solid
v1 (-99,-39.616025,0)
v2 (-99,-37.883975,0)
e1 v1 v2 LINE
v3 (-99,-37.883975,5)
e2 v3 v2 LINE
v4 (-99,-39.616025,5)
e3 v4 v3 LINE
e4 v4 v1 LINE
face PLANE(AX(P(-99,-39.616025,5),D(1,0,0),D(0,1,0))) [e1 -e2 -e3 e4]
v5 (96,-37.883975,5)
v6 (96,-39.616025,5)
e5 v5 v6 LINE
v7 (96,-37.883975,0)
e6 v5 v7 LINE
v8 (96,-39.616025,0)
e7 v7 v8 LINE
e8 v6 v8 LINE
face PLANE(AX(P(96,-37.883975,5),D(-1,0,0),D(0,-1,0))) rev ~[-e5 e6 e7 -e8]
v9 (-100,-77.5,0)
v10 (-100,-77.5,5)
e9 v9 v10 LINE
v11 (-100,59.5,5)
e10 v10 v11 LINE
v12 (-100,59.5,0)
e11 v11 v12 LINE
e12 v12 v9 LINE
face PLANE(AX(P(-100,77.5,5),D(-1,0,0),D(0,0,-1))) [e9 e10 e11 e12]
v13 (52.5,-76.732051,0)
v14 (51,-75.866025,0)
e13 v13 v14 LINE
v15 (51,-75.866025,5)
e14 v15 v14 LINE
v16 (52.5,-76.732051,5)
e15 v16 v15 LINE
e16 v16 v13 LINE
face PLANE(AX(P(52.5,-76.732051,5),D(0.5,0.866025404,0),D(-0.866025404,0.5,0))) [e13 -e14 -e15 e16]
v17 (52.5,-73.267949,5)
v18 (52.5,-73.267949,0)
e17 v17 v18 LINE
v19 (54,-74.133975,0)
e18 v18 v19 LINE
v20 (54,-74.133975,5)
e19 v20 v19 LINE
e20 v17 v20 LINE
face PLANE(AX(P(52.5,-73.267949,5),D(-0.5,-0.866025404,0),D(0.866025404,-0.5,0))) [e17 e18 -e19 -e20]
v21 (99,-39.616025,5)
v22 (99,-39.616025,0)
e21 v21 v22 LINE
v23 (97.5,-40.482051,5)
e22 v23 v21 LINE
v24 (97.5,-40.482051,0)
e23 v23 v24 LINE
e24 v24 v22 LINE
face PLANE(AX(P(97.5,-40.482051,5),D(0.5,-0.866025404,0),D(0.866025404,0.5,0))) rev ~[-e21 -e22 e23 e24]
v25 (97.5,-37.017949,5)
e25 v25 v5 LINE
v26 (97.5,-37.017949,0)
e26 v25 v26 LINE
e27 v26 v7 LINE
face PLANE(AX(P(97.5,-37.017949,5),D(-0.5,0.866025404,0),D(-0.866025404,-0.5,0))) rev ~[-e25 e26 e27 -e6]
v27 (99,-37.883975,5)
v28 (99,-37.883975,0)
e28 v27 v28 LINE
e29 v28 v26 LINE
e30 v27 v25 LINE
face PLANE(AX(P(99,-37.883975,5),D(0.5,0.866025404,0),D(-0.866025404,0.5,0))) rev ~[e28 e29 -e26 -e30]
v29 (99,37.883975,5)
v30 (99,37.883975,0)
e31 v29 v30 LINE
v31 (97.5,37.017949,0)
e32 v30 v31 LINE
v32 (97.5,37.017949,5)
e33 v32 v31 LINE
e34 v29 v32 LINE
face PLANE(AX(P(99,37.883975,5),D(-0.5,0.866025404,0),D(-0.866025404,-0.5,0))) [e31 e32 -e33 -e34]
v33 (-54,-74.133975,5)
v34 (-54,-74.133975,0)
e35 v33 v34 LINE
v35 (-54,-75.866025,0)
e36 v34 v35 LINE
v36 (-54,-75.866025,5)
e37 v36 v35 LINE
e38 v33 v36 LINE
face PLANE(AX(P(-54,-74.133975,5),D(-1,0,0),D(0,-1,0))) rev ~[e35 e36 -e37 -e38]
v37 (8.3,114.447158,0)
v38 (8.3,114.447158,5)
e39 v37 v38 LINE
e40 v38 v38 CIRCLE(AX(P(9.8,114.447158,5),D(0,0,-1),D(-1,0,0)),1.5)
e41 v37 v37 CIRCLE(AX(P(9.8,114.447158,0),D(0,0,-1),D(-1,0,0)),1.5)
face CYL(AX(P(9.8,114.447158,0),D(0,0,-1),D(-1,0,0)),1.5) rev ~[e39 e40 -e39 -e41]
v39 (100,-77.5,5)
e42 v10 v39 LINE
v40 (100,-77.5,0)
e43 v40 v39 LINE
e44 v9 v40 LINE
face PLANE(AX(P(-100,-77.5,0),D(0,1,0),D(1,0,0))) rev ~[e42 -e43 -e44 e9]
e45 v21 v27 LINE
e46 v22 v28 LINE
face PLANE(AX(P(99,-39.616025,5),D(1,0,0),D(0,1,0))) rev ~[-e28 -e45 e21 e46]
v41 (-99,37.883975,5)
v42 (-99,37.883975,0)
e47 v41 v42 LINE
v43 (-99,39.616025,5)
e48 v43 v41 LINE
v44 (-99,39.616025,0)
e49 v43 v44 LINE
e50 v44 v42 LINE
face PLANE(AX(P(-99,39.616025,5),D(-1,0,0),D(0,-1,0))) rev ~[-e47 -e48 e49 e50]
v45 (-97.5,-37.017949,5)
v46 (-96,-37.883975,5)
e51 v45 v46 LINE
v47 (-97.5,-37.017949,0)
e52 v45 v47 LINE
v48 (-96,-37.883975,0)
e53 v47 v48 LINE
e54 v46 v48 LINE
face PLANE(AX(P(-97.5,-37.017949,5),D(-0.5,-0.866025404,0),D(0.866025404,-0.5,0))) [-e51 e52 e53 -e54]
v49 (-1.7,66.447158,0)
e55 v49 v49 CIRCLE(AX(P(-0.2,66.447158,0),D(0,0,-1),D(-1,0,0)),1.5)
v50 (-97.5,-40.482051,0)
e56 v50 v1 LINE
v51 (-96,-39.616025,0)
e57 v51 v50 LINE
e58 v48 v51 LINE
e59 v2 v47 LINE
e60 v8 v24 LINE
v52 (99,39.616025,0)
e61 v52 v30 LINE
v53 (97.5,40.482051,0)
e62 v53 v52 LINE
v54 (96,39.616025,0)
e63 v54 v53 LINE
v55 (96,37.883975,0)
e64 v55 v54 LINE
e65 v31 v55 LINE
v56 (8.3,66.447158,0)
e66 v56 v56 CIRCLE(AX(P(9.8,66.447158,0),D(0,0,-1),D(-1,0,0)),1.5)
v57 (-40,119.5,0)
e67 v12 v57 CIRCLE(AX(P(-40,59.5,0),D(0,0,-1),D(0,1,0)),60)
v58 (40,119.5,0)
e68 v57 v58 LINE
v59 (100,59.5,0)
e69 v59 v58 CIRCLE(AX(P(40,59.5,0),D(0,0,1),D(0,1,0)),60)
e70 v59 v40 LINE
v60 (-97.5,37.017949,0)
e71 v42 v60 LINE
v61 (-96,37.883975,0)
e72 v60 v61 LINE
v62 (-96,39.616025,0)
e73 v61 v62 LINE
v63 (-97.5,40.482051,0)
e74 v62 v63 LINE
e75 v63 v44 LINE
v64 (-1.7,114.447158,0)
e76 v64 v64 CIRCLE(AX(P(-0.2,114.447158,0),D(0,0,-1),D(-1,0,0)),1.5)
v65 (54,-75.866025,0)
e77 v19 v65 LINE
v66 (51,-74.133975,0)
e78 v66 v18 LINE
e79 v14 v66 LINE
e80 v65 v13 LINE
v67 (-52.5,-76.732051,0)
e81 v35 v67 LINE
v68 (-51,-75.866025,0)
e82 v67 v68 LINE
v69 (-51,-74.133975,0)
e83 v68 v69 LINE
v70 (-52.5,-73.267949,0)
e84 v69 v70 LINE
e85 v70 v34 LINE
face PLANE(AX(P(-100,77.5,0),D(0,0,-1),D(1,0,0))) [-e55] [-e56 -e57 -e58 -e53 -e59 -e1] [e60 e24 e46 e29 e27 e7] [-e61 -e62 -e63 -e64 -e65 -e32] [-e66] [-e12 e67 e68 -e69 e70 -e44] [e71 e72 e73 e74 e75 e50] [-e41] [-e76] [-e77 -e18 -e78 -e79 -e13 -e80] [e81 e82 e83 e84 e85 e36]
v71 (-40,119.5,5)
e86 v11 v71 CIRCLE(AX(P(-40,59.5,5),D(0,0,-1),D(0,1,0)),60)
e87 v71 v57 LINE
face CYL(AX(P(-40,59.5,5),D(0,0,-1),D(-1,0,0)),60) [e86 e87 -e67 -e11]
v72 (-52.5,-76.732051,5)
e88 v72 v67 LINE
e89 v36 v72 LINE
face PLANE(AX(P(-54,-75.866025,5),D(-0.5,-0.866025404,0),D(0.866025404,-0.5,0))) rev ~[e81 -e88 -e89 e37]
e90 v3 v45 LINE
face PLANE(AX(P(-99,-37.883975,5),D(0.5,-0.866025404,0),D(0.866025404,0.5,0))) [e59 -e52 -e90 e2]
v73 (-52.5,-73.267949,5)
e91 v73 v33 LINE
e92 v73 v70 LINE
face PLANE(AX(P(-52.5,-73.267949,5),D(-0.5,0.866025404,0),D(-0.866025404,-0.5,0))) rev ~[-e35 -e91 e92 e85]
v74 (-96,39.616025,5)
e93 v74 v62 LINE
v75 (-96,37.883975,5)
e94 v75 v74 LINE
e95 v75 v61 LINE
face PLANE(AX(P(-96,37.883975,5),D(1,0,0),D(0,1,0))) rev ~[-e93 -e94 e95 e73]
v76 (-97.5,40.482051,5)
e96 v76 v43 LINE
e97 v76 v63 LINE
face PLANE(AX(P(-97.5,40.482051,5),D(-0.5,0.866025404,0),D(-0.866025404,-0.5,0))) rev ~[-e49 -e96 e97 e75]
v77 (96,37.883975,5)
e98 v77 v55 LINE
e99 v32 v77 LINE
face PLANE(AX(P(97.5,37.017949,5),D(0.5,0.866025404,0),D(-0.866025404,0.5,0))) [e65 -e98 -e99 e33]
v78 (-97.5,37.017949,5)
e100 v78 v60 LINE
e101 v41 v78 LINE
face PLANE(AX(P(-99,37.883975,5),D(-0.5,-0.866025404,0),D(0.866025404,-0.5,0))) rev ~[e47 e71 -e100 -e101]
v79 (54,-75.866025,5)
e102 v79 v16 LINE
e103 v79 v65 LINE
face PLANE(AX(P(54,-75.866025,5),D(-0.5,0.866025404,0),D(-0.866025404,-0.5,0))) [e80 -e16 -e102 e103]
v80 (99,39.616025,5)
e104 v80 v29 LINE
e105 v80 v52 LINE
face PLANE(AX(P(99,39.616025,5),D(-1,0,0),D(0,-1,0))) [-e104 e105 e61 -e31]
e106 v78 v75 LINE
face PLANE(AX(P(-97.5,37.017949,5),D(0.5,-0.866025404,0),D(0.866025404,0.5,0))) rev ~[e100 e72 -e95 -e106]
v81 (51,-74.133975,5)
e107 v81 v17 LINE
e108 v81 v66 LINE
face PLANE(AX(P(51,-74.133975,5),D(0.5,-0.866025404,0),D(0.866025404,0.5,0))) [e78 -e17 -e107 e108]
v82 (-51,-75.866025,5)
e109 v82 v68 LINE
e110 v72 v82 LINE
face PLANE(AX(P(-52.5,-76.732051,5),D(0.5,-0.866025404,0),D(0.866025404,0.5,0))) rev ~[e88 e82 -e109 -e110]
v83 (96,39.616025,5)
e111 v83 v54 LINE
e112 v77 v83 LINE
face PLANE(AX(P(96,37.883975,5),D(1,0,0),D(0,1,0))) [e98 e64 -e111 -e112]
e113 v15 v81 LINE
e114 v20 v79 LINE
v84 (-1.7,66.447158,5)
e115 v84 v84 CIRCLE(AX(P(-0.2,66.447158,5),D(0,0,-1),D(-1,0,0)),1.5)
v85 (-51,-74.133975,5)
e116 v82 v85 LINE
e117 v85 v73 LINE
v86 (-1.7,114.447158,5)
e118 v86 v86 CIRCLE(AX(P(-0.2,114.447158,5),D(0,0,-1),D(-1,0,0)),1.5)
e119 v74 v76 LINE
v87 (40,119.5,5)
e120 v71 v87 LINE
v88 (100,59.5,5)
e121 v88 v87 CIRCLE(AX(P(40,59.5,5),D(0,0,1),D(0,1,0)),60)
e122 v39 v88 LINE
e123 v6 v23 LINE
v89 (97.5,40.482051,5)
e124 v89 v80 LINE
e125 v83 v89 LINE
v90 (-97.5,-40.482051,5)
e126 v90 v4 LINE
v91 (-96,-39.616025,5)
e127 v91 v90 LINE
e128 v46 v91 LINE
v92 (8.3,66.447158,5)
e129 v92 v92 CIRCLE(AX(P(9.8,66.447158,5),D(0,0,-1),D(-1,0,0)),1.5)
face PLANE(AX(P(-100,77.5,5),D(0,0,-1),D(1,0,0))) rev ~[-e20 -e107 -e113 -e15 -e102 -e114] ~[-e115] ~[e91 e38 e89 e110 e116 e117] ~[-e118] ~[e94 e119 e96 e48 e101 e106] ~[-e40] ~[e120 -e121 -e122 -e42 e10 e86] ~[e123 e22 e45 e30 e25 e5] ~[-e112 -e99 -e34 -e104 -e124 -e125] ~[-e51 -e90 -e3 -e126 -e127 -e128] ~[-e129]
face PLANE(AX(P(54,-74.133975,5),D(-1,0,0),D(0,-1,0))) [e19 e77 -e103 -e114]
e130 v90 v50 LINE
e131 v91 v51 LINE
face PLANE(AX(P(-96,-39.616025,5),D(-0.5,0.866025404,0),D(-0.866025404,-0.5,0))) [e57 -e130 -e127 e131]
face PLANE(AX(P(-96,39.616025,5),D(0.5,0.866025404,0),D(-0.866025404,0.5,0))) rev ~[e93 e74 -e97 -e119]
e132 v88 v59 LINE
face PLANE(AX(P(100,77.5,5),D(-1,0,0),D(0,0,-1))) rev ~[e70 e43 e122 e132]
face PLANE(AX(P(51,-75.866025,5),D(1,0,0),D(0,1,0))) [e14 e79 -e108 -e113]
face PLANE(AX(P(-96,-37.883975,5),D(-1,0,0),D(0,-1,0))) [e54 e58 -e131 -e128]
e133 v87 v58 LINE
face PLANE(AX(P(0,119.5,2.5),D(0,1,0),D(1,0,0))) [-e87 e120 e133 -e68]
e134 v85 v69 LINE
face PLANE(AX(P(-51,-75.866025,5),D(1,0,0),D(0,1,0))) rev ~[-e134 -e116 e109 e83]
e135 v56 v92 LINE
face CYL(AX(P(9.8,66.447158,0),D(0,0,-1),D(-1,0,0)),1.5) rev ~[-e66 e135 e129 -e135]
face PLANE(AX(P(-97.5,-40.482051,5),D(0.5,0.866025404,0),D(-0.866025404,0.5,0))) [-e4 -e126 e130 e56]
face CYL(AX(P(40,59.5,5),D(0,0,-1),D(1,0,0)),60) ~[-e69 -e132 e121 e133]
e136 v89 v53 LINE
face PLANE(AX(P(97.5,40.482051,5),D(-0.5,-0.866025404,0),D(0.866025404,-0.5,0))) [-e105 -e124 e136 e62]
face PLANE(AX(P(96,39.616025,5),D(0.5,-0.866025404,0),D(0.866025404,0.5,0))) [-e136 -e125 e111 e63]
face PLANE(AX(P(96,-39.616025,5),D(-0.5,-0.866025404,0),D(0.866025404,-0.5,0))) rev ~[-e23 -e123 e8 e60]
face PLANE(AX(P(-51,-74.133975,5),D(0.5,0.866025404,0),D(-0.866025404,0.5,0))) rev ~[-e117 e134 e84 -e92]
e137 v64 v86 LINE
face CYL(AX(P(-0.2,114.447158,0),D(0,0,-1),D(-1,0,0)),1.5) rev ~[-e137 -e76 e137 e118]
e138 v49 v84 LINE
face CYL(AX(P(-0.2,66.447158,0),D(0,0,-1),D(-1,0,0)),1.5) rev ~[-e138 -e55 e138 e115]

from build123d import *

# Parameters (mm, degrees)
ESQUISSE1_W             = 200
ESQUISSE1_H             = 155
BOSS_EXTRU_1_DEPTH      = 5
ENL_V_MAT_EXTRU_1_DEPTH = 127.614572621
ESQUISSE4_W             = 200
ESQUISSE4_H             = 5
BOSS_EXTRU_2_DEPTH      = 42
CONG_1_R                = 60
ESQUISSE5_R             = 1.5
ENL_V_MAT_EXTRU_2_DEPTH = 17


with BuildPart() as part:
    # Esquisse1 → Boss.-Extru.1 (new body)
    with BuildSketch(Plane.XY):
        Rectangle(ESQUISSE1_W, ESQUISSE1_H)
    extrude(amount=BOSS_EXTRU_1_DEPTH)

    # Esquisse2 → Enlèv. mat.-Extru.1 (cut, through all)
    with BuildSketch(Plane.XY.offset(5)):
        Polygon((-96, 37.883974596), (-96, 39.616025404), (-97.5, 40.482050808), (-99, 39.616025404), (-99, 37.883974596), (-97.5, 37.017949192), align=None)
        Polygon((-97.5, -37.017949192), (-96, -37.883974596), (-96, -39.616025404), (-97.5, -40.482050808), (-99, -39.616025404), (-99, -37.883974596), align=None)
        Polygon((99, -37.883974596), (97.5, -37.017949192), (96, -37.883974596), (96, -39.616025404), (97.5, -40.482050808), (99, -39.616025404), align=None)
        Polygon((97.5, 37.017949192), (96, 37.883974596), (96, 39.616025404), (97.5, 40.482050808), (99, 39.616025404), (99, 37.883974596), align=None)
        Polygon((-51, -75.866025404), (-51, -74.133974596), (-52.5, -73.267949192), (-54, -74.133974596), (-54, -75.866025404), (-52.5, -76.732050808), align=None)
        Polygon((52.5, -76.732050808), (51, -75.866025404), (51, -74.133974596), (52.5, -73.267949192), (54, -74.133974596), (54, -75.866025404), align=None)
    extrude(amount=-ENL_V_MAT_EXTRU_1_DEPTH, mode=Mode.SUBTRACT)

    # Esquisse4 → Boss.-Extru.2 (add)
    with BuildSketch(Plane(origin=(0, 77.5, 0), x_dir=(1, 0, 0), z_dir=(0, 1, 0))):
        with Locations((0, -2.5)):
            Rectangle(ESQUISSE4_W, ESQUISSE4_H)
    extrude(amount=BOSS_EXTRU_2_DEPTH)

    # Congé1
    cong_1_edges = [part.edges().sort_by_distance(p)[0] for p in [
        (100, 119.5, 2.5),
        (-100, 119.5, 2.5),
    ]]
    fillet(cong_1_edges, radius=CONG_1_R)

    # Esquisse5 → Enlèv. mat.-Extru.2 (cut)
    with BuildSketch(Plane(origin=(0, 0, 0), x_dir=(-1, 0, 0), z_dir=(0, 0, -1))):
        with Locations((-9.8, 66.447157523)):
            Circle(ESQUISSE5_R)
        with Locations((0.2, 66.447157523)):
            Circle(ESQUISSE5_R)
        with Locations((-9.8, 114.447157523)):
            Circle(ESQUISSE5_R)
        with Locations((0.2, 114.447157523)):
            Circle(ESQUISSE5_R)
    extrude(amount=-ENL_V_MAT_EXTRU_2_DEPTH, mode=Mode.SUBTRACT)


solid = part.part
